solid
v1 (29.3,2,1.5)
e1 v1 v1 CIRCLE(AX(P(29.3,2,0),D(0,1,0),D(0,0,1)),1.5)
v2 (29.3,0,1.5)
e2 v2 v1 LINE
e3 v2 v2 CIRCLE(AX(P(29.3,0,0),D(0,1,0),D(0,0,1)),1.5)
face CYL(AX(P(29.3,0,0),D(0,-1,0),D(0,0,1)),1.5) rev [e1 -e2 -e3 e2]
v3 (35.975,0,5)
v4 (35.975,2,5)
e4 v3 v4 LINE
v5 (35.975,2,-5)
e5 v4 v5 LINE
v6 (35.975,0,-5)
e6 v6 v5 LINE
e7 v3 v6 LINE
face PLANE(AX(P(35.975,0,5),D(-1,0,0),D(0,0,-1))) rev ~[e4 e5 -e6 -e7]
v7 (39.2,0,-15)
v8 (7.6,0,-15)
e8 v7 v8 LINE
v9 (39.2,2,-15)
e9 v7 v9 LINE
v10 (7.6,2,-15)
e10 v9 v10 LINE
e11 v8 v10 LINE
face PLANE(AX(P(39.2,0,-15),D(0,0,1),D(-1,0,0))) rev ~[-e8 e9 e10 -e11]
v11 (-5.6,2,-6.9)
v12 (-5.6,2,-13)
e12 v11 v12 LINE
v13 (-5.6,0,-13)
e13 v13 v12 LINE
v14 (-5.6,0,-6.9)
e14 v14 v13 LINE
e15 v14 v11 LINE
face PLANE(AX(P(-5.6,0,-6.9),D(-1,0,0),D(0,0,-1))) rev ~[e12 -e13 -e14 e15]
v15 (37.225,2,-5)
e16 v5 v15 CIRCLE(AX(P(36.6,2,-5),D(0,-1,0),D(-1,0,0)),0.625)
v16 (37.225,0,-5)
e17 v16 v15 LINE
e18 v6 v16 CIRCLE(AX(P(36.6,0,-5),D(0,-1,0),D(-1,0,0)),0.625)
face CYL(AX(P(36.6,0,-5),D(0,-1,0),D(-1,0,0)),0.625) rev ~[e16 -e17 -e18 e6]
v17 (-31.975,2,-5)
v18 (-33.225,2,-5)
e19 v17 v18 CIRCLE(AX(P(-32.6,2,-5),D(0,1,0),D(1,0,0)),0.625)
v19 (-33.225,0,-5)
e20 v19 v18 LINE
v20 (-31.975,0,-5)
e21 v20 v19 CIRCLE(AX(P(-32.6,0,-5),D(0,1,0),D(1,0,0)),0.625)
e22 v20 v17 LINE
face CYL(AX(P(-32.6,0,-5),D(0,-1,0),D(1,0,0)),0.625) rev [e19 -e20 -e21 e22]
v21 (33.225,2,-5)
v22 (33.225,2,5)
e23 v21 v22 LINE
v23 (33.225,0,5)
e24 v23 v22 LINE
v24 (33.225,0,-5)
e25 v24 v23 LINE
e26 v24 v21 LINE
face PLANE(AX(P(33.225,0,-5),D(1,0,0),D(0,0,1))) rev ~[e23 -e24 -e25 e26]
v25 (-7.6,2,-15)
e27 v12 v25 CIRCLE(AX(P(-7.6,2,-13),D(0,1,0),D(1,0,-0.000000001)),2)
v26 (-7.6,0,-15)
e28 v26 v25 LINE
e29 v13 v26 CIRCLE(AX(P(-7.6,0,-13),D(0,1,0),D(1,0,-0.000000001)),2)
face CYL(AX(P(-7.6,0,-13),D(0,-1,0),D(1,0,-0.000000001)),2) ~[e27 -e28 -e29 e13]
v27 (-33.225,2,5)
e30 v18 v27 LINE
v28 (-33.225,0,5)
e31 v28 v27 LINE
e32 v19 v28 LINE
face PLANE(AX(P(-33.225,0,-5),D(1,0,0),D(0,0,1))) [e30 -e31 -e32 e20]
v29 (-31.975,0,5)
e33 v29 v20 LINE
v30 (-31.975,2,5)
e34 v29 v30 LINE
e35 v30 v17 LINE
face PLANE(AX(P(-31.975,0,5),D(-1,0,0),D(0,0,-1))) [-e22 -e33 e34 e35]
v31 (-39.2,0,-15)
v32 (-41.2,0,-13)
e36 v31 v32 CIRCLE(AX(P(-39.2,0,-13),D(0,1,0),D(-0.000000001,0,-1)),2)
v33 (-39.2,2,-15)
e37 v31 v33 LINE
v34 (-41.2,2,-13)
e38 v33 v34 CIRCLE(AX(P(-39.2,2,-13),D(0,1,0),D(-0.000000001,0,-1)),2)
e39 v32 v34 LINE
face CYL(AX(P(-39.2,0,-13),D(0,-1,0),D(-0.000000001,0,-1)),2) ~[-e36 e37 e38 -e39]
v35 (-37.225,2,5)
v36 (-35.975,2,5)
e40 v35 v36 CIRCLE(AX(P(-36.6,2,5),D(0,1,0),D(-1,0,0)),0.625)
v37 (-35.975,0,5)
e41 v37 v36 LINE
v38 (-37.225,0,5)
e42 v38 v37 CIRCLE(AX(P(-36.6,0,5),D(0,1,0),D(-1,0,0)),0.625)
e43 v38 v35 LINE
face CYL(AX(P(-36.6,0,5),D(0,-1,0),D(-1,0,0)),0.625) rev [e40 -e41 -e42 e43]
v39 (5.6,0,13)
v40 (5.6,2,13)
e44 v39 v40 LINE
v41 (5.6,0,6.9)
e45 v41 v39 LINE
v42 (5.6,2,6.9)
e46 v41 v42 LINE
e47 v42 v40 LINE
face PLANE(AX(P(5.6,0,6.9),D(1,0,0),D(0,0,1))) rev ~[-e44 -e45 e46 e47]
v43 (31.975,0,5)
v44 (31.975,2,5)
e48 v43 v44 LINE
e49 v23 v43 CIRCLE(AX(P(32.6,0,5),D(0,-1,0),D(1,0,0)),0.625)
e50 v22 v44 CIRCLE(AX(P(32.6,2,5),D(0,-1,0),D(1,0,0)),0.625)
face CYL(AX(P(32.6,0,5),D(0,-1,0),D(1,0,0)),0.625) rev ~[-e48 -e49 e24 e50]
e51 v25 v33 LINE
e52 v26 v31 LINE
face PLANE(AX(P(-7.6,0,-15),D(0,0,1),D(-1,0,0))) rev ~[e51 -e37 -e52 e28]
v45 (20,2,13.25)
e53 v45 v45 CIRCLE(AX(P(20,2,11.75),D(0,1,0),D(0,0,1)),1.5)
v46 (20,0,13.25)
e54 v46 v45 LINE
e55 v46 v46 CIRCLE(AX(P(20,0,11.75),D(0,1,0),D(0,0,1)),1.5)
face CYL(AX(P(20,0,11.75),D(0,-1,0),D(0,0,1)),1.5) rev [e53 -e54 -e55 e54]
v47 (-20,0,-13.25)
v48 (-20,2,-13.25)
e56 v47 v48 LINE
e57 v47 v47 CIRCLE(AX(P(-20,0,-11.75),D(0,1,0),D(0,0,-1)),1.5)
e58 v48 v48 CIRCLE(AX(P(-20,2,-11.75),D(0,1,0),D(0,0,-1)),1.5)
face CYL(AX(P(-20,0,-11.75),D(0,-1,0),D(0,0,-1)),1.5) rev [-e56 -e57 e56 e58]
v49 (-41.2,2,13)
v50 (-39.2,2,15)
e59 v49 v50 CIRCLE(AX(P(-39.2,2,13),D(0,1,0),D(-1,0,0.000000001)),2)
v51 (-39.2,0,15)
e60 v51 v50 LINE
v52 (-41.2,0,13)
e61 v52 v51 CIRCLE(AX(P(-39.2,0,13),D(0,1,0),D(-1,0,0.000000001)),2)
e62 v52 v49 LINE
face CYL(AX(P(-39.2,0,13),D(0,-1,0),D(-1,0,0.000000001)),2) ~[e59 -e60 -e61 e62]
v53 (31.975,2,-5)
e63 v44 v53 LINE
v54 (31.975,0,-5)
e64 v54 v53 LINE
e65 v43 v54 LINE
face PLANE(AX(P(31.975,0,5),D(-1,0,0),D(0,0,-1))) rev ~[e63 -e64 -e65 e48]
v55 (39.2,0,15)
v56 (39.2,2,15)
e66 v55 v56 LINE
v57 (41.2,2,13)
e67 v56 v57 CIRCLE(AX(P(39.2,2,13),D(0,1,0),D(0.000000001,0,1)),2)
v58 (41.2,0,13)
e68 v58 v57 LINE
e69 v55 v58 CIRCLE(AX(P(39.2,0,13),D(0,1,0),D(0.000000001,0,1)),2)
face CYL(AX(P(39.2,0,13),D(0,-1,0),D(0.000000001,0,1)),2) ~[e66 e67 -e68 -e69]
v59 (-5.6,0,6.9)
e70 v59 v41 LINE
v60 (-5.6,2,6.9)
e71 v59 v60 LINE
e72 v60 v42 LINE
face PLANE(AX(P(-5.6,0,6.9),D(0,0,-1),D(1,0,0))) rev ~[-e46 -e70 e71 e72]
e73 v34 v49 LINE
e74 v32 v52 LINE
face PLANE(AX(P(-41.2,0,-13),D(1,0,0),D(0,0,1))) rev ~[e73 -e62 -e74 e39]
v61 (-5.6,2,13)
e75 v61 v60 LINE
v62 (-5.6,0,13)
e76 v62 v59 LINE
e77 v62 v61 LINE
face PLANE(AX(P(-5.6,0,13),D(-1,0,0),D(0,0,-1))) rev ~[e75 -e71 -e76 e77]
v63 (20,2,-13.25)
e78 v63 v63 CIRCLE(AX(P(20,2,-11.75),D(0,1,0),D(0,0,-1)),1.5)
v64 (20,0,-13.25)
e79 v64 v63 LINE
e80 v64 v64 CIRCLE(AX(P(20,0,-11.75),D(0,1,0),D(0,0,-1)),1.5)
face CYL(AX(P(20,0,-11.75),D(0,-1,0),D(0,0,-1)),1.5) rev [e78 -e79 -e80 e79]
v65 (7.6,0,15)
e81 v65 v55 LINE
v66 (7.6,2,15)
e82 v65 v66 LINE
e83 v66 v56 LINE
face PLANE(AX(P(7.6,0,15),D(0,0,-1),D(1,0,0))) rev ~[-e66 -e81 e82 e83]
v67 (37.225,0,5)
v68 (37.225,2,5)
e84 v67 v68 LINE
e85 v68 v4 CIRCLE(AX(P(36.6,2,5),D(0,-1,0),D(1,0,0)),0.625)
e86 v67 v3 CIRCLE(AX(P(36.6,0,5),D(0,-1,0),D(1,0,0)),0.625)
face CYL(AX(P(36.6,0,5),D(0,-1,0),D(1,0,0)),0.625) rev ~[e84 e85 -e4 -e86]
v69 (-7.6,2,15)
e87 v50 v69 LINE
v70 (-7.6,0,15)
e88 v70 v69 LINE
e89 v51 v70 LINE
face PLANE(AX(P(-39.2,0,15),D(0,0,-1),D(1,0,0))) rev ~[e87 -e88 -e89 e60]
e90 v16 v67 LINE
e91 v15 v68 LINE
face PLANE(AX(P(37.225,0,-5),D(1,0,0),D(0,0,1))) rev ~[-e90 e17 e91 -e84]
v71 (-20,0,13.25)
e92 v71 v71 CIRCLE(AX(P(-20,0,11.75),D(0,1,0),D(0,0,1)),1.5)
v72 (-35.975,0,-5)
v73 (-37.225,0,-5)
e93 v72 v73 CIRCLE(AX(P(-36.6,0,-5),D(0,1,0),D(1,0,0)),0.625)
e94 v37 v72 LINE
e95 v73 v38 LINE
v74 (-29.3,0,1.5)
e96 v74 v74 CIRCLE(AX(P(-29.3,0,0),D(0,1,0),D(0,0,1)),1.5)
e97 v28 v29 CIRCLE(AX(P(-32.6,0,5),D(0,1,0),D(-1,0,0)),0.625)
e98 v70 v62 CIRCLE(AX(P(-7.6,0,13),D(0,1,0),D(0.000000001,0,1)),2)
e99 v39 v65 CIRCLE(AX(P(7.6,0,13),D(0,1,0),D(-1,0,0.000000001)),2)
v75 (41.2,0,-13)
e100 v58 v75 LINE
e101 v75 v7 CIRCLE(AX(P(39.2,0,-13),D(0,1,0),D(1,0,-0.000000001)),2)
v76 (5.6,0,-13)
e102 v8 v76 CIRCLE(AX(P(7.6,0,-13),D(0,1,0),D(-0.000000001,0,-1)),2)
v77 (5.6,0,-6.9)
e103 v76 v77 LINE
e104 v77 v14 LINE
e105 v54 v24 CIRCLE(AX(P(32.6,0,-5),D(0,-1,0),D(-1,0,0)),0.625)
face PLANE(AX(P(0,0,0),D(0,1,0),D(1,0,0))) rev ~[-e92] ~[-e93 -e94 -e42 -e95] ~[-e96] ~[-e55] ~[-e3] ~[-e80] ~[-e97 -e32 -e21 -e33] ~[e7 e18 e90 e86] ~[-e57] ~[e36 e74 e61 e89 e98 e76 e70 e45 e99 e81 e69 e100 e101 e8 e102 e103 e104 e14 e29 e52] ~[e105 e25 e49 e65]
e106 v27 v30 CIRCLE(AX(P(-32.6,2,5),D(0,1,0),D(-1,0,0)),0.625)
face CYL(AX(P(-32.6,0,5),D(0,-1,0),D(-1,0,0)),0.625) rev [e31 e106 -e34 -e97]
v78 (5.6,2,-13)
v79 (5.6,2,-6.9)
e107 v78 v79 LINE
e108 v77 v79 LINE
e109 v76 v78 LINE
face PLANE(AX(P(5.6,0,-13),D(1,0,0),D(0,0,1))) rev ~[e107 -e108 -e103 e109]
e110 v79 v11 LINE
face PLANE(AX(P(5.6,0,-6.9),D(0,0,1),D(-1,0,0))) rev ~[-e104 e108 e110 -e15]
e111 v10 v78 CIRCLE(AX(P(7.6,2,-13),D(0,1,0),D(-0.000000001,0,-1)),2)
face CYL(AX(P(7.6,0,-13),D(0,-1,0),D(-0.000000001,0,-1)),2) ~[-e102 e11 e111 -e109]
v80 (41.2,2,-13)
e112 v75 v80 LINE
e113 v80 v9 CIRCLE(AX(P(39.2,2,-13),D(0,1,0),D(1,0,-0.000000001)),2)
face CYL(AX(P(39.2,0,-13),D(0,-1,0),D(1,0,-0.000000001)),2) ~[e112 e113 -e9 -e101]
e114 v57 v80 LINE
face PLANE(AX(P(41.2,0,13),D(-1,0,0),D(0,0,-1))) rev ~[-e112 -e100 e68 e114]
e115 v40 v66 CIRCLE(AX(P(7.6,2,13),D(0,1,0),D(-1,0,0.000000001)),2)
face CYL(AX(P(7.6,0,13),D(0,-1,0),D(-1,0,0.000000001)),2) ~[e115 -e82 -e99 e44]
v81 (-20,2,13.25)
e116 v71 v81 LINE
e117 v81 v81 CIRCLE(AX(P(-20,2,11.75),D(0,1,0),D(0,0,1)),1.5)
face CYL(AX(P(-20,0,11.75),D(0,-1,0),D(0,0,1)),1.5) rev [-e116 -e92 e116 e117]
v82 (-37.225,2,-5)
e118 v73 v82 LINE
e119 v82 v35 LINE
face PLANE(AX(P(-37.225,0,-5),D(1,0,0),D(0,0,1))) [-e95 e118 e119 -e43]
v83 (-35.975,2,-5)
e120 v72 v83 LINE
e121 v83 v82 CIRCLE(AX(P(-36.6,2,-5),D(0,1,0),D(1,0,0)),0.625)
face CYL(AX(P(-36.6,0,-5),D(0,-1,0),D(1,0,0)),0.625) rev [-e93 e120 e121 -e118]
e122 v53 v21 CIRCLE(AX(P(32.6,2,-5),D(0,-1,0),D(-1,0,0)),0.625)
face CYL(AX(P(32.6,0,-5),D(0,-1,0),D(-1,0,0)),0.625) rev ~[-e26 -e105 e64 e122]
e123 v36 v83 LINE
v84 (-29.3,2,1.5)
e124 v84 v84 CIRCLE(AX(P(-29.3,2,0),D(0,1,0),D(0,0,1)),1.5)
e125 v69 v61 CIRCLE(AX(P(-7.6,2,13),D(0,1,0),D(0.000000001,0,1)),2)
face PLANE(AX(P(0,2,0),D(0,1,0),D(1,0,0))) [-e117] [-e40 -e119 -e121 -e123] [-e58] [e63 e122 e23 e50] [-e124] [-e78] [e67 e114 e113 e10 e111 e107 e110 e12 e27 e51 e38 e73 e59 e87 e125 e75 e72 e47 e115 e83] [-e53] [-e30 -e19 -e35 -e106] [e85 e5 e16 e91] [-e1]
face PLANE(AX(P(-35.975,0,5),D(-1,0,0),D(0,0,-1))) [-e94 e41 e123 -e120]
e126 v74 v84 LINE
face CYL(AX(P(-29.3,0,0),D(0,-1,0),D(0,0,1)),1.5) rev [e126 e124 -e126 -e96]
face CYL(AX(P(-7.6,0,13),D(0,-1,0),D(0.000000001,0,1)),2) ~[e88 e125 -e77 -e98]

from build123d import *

# Parameters (mm, degrees)
SKETCH_1_R      = 1.5
EXTRUDE_1_DEPTH = 2


with BuildPart() as part:
    # 草图1 → 凸台-拉伸1 (new body)
    with BuildSketch(Plane(origin=(0, 0, 0), x_dir=(1, 0, 0), z_dir=(0, 1, 0))):
        with BuildLine():
            Line((-5.6, 6.9), (-5.6, 13))
            ThreePointArc((-5.6, 13), (-6.185786438, 14.414213562), (-7.6, 15))
            Line((-7.6, 15), (-39.2, 15))
            ThreePointArc((-39.2, 15), (-40.614213562, 14.414213562), (-41.2, 13))
            Line((-41.2, 13), (-41.2, -13))
            ThreePointArc((-41.2, -13), (-40.614213562, -14.414213562), (-39.2, -15))
            Line((-39.2, -15), (-7.6, -15))
            ThreePointArc((-7.6, -15), (-6.185786438, -14.414213562), (-5.6, -13))
            Line((-5.6, -13), (-5.6, -6.9))
            Line((-5.6, -6.9), (5.6, -6.9))
            Line((5.6, -6.9), (5.6, -13))
            ThreePointArc((5.6, -13), (6.185786438, -14.414213562), (7.6, -15))
            Line((7.6, -15), (39.2, -15))
            ThreePointArc((39.2, -15), (40.614213562, -14.414213562), (41.2, -13))
            Line((41.2, -13), (41.2, 13))
            ThreePointArc((41.2, 13), (40.614213562, 14.414213562), (39.2, 15))
            Line((39.2, 15), (7.6, 15))
            ThreePointArc((7.6, 15), (6.185786438, 14.414213562), (5.6, 13))
            Line((5.6, 13), (5.6, 6.9))
            Line((5.6, 6.9), (-5.6, 6.9))
        make_face()
        with Locations(Location((-20, -11.75, 0), (0, 0, 270))):
            Circle(SKETCH_1_R, mode=Mode.SUBTRACT)
        with Locations(Location((20, -11.75, 0), (0, 0, 270))):
            Circle(SKETCH_1_R, mode=Mode.SUBTRACT)
        with Locations(Location((20, 11.75, 0), (0, 0, 90))):
            Circle(SKETCH_1_R, mode=Mode.SUBTRACT)
        with Locations(Location((-20, 11.75, 0), (0, 0, 90))):
            Circle(SKETCH_1_R, mode=Mode.SUBTRACT)
        with Locations(Location((-29.3, 0, 0), (0, 0, 270))):
            Circle(SKETCH_1_R, mode=Mode.SUBTRACT)
        with Locations(Location((29.3, 0, 0), (0, 0, 270))):
            Circle(SKETCH_1_R, mode=Mode.SUBTRACT)
        with BuildLine():
            Line((33.225, 5), (33.225, -5))
            ThreePointArc((33.225, -5), (32.6, -5.625), (31.975, -5))
            Line((31.975, -5), (31.975, 5))
            ThreePointArc((31.975, 5), (32.6, 5.625), (33.225, 5))
        make_face(mode=Mode.SUBTRACT)
        with BuildLine():
            Line((37.225, 5), (37.225, -5))
            ThreePointArc((37.225, -5), (36.6, -5.625), (35.975, -5))
            Line((35.975, -5), (35.975, 5))
            ThreePointArc((35.975, 5), (36.6, 5.625), (37.225, 5))
        make_face(mode=Mode.SUBTRACT)
        with BuildLine():
            Line((-37.225, 5), (-37.225, -5))
            ThreePointArc((-37.225, -5), (-36.6, -5.625), (-35.975, -5))
            Line((-35.975, -5), (-35.975, 5))
            ThreePointArc((-35.975, 5), (-36.6, 5.625), (-37.225, 5))
        make_face(mode=Mode.SUBTRACT)
        with BuildLine():
            Line((-33.225, 5), (-33.225, -5))
            ThreePointArc((-33.225, -5), (-32.6, -5.625), (-31.975, -5))
            Line((-31.975, -5), (-31.975, 5))
            ThreePointArc((-31.975, 5), (-32.6, 5.625), (-33.225, 5))
        make_face(mode=Mode.SUBTRACT)
    extrude(amount=EXTRUDE_1_DEPTH)


solid = part.part
